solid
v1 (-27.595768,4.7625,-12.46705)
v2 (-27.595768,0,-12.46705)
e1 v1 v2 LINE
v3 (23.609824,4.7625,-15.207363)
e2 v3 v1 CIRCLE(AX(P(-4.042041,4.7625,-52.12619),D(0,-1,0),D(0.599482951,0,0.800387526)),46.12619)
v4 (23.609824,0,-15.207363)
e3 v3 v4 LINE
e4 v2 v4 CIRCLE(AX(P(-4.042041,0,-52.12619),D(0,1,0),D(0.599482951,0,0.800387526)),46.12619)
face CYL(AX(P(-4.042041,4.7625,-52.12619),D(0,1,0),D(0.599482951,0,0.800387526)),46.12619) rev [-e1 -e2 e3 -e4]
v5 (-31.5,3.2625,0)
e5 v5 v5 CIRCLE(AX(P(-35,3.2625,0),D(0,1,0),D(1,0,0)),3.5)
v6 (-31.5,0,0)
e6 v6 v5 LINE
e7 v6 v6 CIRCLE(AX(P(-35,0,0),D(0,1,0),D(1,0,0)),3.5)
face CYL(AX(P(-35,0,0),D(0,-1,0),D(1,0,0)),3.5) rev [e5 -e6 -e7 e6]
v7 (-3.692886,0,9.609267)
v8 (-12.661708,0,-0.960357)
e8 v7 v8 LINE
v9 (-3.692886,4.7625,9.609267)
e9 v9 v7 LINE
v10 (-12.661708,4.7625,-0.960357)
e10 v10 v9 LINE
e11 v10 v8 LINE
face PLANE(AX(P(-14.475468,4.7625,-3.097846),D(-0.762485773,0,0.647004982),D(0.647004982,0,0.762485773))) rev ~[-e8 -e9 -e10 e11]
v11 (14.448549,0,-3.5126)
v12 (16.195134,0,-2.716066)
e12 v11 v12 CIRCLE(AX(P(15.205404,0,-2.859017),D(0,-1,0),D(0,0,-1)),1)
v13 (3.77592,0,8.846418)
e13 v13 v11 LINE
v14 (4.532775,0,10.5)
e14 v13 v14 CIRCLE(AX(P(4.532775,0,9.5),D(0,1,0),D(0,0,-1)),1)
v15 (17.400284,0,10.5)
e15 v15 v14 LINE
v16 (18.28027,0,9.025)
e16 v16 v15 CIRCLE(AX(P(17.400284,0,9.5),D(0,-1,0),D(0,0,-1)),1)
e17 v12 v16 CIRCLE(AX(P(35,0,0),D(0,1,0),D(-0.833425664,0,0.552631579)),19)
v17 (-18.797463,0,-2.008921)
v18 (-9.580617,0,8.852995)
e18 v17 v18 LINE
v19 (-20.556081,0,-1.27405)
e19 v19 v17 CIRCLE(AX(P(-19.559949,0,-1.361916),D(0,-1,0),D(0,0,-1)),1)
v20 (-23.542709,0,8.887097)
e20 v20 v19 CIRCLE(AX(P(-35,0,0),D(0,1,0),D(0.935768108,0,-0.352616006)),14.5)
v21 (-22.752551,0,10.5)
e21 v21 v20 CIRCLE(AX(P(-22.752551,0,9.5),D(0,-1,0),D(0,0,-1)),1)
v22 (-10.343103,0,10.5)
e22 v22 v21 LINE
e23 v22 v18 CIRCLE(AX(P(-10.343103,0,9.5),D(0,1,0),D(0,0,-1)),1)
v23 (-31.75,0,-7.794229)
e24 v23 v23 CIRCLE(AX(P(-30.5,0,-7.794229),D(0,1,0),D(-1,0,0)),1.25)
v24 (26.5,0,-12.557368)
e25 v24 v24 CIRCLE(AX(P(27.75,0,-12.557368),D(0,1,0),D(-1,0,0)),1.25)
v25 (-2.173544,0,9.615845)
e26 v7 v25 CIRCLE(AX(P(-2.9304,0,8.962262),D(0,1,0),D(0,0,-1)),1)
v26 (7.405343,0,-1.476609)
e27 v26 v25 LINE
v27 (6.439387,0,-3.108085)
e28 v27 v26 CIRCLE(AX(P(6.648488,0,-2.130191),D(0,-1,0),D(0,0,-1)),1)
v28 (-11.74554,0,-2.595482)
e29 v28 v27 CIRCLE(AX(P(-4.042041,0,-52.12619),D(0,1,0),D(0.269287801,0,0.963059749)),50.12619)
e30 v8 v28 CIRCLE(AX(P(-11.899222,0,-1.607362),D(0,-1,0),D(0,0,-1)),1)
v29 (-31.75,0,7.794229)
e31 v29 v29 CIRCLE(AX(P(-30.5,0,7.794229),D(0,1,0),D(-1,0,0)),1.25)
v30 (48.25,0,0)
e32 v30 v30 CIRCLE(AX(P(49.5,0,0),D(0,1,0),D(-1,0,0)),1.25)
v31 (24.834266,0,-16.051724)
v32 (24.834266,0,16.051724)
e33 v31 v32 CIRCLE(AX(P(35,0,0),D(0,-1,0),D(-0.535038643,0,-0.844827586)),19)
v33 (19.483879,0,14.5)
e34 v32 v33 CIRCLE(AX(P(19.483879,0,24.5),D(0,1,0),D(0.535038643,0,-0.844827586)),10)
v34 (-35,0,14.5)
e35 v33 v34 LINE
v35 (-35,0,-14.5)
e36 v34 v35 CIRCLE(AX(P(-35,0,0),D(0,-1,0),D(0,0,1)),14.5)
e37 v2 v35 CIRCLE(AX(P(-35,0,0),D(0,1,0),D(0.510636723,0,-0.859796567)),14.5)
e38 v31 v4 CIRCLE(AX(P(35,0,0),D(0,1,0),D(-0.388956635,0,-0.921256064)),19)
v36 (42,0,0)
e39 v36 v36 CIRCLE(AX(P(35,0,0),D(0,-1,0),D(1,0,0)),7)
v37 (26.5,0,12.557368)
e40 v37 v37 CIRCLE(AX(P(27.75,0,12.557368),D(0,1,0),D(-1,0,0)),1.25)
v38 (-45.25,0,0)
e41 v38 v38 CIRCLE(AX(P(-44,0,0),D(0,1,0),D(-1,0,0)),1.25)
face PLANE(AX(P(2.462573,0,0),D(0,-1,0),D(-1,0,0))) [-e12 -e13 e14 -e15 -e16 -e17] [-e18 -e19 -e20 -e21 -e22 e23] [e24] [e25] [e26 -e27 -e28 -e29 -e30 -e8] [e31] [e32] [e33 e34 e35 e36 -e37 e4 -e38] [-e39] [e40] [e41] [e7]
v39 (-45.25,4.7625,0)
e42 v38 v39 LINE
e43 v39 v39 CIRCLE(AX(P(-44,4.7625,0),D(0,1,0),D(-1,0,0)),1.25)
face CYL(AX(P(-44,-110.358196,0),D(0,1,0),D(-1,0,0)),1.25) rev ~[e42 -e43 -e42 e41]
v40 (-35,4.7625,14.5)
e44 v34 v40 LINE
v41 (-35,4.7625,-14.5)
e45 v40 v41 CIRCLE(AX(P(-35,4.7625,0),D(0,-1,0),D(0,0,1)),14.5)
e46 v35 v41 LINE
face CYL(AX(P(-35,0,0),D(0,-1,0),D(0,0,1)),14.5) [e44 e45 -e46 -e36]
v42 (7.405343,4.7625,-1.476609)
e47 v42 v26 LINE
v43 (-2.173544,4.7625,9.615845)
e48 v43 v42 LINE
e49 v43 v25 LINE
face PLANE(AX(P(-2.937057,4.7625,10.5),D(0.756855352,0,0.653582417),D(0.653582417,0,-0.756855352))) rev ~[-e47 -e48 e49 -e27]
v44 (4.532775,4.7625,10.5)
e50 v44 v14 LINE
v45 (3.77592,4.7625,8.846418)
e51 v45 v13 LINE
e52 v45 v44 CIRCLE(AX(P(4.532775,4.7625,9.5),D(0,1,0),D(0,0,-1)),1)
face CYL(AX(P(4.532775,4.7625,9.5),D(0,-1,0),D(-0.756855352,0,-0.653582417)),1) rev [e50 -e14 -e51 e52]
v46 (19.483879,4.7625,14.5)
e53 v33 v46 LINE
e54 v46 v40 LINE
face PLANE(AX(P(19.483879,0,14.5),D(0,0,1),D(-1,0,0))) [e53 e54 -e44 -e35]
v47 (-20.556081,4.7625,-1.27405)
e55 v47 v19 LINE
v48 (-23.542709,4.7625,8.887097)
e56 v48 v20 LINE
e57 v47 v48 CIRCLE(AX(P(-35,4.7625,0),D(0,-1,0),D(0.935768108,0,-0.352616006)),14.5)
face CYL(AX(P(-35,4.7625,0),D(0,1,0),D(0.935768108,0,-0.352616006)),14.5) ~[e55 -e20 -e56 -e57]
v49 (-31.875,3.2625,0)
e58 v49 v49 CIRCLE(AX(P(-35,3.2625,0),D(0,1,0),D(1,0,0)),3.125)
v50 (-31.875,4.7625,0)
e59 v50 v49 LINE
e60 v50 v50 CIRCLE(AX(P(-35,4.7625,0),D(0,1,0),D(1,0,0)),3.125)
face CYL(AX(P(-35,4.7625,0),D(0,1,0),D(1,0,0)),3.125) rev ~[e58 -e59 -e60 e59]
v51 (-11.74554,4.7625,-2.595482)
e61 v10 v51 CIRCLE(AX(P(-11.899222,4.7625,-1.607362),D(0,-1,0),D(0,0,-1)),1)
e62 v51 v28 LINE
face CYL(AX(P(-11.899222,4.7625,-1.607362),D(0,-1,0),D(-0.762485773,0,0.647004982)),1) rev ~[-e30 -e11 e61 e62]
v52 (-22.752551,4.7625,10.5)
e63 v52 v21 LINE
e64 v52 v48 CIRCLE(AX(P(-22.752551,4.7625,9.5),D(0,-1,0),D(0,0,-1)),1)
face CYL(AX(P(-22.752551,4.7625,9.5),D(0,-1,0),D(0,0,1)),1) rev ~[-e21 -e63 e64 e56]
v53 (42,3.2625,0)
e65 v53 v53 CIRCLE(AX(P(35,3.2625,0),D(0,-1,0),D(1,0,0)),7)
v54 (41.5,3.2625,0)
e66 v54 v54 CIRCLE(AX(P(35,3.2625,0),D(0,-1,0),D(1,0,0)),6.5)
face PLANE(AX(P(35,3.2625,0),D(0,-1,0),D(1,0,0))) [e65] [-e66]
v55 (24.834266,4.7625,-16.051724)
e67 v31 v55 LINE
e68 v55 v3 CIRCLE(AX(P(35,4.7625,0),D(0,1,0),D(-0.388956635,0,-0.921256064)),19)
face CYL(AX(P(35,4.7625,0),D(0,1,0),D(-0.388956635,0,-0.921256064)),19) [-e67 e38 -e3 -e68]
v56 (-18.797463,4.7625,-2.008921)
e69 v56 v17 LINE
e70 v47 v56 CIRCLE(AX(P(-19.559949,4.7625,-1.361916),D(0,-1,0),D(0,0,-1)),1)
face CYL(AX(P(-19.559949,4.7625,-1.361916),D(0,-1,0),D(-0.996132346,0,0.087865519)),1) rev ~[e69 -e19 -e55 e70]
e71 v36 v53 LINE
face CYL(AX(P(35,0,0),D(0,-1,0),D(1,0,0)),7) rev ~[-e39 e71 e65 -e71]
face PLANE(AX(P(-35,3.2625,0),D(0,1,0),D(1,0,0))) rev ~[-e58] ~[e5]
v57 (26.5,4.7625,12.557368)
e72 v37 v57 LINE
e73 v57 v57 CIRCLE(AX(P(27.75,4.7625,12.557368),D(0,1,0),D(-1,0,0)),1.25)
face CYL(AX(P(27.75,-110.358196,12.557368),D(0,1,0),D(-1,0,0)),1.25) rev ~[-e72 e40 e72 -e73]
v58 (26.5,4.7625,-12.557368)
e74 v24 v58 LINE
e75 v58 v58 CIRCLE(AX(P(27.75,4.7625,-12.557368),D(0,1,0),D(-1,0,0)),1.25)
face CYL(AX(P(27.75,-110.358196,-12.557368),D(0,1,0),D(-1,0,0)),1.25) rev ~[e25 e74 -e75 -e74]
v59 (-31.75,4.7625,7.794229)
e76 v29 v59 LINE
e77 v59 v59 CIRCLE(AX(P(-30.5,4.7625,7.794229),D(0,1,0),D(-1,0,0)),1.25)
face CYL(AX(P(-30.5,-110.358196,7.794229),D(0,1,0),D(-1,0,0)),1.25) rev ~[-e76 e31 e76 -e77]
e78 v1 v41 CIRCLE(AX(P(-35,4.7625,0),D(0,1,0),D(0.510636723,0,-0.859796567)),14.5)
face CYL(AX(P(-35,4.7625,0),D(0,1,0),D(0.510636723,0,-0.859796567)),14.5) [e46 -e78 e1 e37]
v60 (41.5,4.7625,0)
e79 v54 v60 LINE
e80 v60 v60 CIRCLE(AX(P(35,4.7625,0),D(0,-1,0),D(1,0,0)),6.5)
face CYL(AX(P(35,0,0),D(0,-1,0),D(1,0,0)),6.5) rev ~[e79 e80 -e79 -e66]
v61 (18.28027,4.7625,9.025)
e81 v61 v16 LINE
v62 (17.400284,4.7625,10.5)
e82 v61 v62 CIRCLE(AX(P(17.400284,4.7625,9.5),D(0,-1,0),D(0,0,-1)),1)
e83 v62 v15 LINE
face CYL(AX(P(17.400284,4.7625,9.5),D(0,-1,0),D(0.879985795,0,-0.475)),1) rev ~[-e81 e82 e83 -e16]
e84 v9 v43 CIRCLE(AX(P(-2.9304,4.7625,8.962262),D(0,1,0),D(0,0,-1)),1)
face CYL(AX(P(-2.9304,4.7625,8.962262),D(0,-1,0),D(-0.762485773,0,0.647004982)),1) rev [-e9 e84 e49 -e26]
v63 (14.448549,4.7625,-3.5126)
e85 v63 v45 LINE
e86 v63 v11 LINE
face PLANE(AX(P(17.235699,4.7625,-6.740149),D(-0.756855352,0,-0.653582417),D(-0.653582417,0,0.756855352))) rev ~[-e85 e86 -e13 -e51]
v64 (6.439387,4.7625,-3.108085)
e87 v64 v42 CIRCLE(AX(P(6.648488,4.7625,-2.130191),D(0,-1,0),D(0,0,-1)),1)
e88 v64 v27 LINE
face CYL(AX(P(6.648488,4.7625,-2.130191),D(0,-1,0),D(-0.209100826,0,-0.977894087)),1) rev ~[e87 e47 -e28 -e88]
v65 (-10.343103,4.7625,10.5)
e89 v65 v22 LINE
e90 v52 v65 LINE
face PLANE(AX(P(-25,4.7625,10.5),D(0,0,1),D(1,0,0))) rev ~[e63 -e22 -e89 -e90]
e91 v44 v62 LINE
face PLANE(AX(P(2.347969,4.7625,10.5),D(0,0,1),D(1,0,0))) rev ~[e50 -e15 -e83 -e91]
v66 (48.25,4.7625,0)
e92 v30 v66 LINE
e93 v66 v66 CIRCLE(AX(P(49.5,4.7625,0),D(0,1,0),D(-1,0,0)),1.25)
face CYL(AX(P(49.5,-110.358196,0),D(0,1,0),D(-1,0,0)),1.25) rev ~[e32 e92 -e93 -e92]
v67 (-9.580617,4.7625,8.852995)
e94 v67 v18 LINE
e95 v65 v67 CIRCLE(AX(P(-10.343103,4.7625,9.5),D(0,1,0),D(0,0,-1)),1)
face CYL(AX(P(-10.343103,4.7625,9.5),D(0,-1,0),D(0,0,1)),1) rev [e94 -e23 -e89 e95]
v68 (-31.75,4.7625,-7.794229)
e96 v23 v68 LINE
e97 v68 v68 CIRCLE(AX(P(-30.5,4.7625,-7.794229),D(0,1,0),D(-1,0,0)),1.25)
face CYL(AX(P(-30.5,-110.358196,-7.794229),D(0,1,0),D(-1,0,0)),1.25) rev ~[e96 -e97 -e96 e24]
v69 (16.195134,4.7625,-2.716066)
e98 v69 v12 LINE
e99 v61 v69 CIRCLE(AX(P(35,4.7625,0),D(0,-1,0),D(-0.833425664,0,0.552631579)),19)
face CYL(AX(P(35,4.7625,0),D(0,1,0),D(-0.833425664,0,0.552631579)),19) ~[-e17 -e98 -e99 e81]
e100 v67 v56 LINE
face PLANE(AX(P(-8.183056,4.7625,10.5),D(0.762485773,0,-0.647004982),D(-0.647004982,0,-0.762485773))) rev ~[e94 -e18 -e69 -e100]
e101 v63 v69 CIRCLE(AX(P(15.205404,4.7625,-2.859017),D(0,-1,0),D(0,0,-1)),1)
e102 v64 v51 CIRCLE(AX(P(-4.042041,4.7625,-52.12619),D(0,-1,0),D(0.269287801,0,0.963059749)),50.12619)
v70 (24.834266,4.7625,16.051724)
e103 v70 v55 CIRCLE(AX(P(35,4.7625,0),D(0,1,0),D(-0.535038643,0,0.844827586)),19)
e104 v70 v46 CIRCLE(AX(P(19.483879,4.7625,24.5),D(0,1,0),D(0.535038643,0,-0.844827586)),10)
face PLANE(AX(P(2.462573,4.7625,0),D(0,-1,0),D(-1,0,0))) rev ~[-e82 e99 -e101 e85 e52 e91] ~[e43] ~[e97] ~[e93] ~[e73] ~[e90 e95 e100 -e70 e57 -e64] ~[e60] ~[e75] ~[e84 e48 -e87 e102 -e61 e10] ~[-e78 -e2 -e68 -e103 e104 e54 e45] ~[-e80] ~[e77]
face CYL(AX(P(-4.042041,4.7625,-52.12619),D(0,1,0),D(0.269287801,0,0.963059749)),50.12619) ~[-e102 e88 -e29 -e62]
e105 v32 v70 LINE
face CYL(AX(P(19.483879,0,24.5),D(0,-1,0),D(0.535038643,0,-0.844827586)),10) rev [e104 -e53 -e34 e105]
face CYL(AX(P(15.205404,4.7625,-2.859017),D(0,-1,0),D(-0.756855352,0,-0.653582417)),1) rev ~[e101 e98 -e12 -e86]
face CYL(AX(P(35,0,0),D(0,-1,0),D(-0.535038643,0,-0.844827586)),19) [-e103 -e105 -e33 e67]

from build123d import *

# Parameters (mm, degrees)
BOSS_EXTRUDE1_DEPTH   = 4.7625
CUT_EXTRUDE1_DEPTH    = 5.7625
CUT_EXTRUDE2_DEPTH    = 5.7625
FILLET1_R             = 1
SKETCH4_R             = 4
BOSS_EXTRUDE3_DEPTH   = 4.7625
SKETCH5_R             = 3.125
CUT_EXTRUDE3_DEPTH    = 5.7625
SKETCH6_R             = 3.5
CUT_EXTRUDE4_DEPTH    = 3.2625
SKETCH7_R             = 6.5
CUT_EXTRUDE5_DEPTH    = 5.7625
SKETCH8_R             = 7
CUT_EXTRUDE6_DEPTH    = 3.2625
M3X0_5_TAPPED_HOLE1_D = 2.5
M3X0_5_TAPPED_HOLE2_D = 2.5


with BuildPart() as part:
    # Sketch1 → Boss-Extrude1 (new body)
    with BuildSketch(Plane(origin=(0, 0, 0), x_dir=(1, 0, 0), z_dir=(0, 1, 0))):
        with BuildLine():
            Line((-35, 14.5), (19.483879351, 14.5))
            ThreePointArc((19.483879351, 14.5), (22.269309423, 14.89576243), (24.834265782, 16.051724138))
            ThreePointArc((24.834265782, 16.051724138), (54, 0), (24.834265782, -16.051724138))
            ThreePointArc((24.834265782, -16.051724138), (22.269309423, -14.89576243), (19.483879351, -14.5))
            Line((19.483879351, -14.5), (-35, -14.5))
            ThreePointArc((-35, -14.5), (-49.5, 0), (-35, 14.5))
        make_face()
    extrude(amount=BOSS_EXTRUDE1_DEPTH)

    # Sketch2 → Cut-Extrude1 (cut, through all)
    with BuildSketch(Plane(origin=(0, 4.7625, 0), x_dir=(1, 0, 0), z_dir=(0, 1, 0))):
        with BuildLine():
            Line((-35, 14.5), (27.609823933, 17.503865221))
            ThreePointArc((27.609823933, 17.503865221), (25.539879113, 16.477442544), (23.609823933, 15.207362991))
            ThreePointArc((23.609823933, 15.207362991), (-1.577083946, 6.065910022), (-27.59576752, 12.467050228))
            ThreePointArc((-27.59576752, 12.467050228), (-31.160874338, 13.98252889), (-35, 14.5))
        make_face()
    extrude(amount=-CUT_EXTRUDE1_DEPTH, mode=Mode.SUBTRACT)

    # Sketch3 → Cut-Extrude2 (cut, through all)
    with BuildSketch(Plane(origin=(0, 4.7625, 0), x_dir=(1, 0, 0), z_dir=(0, 1, 0))):
        with BuildLine():
            Line((-25, -10.5), (-8.18305643, -10.5))
            Line((-8.18305643, -10.5), (-21.431362429, 5.11293208))
            ThreePointArc((-21.431362429, 5.11293208), (-20.86454524, -3.230931556), (-25, -10.5))
        make_face()
        with BuildLine():
            Line((-14.47546762, 3.097845852), (-2.937056907, -10.5))
            Line((-2.937056907, -10.5), (9.456330798, 3.851674059))
            ThreePointArc((9.456330798, 3.851674059), (-2.463897631, 2.02484882), (-14.47546762, 3.097845852))
        make_face()
        with BuildLine():
            Line((17.235698957, 6.740148995), (2.347968808, -10.5))
            Line((2.347968808, -10.5), (19.164912378, -10.5))
            ThreePointArc((19.164912378, -10.5), (16.117854624, -2.112956696), (17.235698957, 6.740148995))
        make_face()
    extrude(amount=-CUT_EXTRUDE2_DEPTH, mode=Mode.SUBTRACT)

    # Fillet1
    fillet1_edges = [part.edges().sort_by_distance(p)[0] for p in [
        (17.235698957, 2.38125, -6.740148995),
        (19.164912378, 2.38125, 10.5),
        (2.347968808, 2.38125, 10.5),
        (-21.431362429, 2.38125, -5.11293208),
        (-8.18305643, 2.38125, 10.5),
        (-25, 2.38125, 10.5),
        (-14.47546762, 2.38125, -3.097845852),
        (9.456330798, 2.38125, -3.851674059),
        (-2.937056907, 2.38125, 10.5),
    ]]
    fillet(fillet1_edges, radius=FILLET1_R)

    # Sketch4 → Boss-Extrude3 (add, through all)
    with BuildSketch(Plane(origin=(0, 4.7625, 0), x_dir=(1, 0, 0), z_dir=(0, 1, 0))):
        with Locations((-35, 0)):
            Circle(SKETCH4_R)
    extrude(amount=-BOSS_EXTRUDE3_DEPTH)

    # Sketch5 → Cut-Extrude3 (cut, through all)
    with BuildSketch(Plane(origin=(0, 4.7625, 0), x_dir=(1, 0, 0), z_dir=(0, 1, 0))):
        with Locations((-35, 0)):
            Circle(SKETCH5_R)
    extrude(amount=-CUT_EXTRUDE3_DEPTH, mode=Mode.SUBTRACT)

    # Sketch6 → Cut-Extrude4 (cut)
    with BuildSketch(Plane(origin=(0, 0, 0), x_dir=(1, 0, 0), z_dir=(0, 1, 0))):
        with Locations((-35, 0)):
            Circle(SKETCH6_R)
    extrude(amount=CUT_EXTRUDE4_DEPTH, mode=Mode.SUBTRACT)

    # Sketch7 → Cut-Extrude5 (cut, through all)
    with BuildSketch(Plane.XZ):
        with Locations((35, 0)):
            Circle(SKETCH7_R)
    extrude(amount=-CUT_EXTRUDE5_DEPTH, mode=Mode.SUBTRACT)

    # Sketch8 → Cut-Extrude6 (cut)
    with BuildSketch(Plane.XZ):
        with Locations((35, 0)):
            Circle(SKETCH8_R)
    extrude(amount=-CUT_EXTRUDE6_DEPTH, mode=Mode.SUBTRACT)

    # M3x0.5 Tapped Hole1 (through all)
    with Locations(Plane.XZ):
        with Locations((27.75, -12.557368355), (27.75, 12.557368355), (49.5, 0), (-44, 0), (-30.5, 7.794228634), (-30.5, -7.794228634)):
            Hole(M3X0_5_TAPPED_HOLE1_D / 2)

    # M3x0.5 Tapped Hole2 (through all)
    with Locations(Plane(origin=(0, 4.7625, 0), x_dir=(-1, 0, 0), z_dir=(0, 1, 0))):
        with Locations((30.5, 7.794228634), (44, 0), (30.5, -7.794228634)):
            Hole(M3X0_5_TAPPED_HOLE2_D / 2)


solid = part.part
